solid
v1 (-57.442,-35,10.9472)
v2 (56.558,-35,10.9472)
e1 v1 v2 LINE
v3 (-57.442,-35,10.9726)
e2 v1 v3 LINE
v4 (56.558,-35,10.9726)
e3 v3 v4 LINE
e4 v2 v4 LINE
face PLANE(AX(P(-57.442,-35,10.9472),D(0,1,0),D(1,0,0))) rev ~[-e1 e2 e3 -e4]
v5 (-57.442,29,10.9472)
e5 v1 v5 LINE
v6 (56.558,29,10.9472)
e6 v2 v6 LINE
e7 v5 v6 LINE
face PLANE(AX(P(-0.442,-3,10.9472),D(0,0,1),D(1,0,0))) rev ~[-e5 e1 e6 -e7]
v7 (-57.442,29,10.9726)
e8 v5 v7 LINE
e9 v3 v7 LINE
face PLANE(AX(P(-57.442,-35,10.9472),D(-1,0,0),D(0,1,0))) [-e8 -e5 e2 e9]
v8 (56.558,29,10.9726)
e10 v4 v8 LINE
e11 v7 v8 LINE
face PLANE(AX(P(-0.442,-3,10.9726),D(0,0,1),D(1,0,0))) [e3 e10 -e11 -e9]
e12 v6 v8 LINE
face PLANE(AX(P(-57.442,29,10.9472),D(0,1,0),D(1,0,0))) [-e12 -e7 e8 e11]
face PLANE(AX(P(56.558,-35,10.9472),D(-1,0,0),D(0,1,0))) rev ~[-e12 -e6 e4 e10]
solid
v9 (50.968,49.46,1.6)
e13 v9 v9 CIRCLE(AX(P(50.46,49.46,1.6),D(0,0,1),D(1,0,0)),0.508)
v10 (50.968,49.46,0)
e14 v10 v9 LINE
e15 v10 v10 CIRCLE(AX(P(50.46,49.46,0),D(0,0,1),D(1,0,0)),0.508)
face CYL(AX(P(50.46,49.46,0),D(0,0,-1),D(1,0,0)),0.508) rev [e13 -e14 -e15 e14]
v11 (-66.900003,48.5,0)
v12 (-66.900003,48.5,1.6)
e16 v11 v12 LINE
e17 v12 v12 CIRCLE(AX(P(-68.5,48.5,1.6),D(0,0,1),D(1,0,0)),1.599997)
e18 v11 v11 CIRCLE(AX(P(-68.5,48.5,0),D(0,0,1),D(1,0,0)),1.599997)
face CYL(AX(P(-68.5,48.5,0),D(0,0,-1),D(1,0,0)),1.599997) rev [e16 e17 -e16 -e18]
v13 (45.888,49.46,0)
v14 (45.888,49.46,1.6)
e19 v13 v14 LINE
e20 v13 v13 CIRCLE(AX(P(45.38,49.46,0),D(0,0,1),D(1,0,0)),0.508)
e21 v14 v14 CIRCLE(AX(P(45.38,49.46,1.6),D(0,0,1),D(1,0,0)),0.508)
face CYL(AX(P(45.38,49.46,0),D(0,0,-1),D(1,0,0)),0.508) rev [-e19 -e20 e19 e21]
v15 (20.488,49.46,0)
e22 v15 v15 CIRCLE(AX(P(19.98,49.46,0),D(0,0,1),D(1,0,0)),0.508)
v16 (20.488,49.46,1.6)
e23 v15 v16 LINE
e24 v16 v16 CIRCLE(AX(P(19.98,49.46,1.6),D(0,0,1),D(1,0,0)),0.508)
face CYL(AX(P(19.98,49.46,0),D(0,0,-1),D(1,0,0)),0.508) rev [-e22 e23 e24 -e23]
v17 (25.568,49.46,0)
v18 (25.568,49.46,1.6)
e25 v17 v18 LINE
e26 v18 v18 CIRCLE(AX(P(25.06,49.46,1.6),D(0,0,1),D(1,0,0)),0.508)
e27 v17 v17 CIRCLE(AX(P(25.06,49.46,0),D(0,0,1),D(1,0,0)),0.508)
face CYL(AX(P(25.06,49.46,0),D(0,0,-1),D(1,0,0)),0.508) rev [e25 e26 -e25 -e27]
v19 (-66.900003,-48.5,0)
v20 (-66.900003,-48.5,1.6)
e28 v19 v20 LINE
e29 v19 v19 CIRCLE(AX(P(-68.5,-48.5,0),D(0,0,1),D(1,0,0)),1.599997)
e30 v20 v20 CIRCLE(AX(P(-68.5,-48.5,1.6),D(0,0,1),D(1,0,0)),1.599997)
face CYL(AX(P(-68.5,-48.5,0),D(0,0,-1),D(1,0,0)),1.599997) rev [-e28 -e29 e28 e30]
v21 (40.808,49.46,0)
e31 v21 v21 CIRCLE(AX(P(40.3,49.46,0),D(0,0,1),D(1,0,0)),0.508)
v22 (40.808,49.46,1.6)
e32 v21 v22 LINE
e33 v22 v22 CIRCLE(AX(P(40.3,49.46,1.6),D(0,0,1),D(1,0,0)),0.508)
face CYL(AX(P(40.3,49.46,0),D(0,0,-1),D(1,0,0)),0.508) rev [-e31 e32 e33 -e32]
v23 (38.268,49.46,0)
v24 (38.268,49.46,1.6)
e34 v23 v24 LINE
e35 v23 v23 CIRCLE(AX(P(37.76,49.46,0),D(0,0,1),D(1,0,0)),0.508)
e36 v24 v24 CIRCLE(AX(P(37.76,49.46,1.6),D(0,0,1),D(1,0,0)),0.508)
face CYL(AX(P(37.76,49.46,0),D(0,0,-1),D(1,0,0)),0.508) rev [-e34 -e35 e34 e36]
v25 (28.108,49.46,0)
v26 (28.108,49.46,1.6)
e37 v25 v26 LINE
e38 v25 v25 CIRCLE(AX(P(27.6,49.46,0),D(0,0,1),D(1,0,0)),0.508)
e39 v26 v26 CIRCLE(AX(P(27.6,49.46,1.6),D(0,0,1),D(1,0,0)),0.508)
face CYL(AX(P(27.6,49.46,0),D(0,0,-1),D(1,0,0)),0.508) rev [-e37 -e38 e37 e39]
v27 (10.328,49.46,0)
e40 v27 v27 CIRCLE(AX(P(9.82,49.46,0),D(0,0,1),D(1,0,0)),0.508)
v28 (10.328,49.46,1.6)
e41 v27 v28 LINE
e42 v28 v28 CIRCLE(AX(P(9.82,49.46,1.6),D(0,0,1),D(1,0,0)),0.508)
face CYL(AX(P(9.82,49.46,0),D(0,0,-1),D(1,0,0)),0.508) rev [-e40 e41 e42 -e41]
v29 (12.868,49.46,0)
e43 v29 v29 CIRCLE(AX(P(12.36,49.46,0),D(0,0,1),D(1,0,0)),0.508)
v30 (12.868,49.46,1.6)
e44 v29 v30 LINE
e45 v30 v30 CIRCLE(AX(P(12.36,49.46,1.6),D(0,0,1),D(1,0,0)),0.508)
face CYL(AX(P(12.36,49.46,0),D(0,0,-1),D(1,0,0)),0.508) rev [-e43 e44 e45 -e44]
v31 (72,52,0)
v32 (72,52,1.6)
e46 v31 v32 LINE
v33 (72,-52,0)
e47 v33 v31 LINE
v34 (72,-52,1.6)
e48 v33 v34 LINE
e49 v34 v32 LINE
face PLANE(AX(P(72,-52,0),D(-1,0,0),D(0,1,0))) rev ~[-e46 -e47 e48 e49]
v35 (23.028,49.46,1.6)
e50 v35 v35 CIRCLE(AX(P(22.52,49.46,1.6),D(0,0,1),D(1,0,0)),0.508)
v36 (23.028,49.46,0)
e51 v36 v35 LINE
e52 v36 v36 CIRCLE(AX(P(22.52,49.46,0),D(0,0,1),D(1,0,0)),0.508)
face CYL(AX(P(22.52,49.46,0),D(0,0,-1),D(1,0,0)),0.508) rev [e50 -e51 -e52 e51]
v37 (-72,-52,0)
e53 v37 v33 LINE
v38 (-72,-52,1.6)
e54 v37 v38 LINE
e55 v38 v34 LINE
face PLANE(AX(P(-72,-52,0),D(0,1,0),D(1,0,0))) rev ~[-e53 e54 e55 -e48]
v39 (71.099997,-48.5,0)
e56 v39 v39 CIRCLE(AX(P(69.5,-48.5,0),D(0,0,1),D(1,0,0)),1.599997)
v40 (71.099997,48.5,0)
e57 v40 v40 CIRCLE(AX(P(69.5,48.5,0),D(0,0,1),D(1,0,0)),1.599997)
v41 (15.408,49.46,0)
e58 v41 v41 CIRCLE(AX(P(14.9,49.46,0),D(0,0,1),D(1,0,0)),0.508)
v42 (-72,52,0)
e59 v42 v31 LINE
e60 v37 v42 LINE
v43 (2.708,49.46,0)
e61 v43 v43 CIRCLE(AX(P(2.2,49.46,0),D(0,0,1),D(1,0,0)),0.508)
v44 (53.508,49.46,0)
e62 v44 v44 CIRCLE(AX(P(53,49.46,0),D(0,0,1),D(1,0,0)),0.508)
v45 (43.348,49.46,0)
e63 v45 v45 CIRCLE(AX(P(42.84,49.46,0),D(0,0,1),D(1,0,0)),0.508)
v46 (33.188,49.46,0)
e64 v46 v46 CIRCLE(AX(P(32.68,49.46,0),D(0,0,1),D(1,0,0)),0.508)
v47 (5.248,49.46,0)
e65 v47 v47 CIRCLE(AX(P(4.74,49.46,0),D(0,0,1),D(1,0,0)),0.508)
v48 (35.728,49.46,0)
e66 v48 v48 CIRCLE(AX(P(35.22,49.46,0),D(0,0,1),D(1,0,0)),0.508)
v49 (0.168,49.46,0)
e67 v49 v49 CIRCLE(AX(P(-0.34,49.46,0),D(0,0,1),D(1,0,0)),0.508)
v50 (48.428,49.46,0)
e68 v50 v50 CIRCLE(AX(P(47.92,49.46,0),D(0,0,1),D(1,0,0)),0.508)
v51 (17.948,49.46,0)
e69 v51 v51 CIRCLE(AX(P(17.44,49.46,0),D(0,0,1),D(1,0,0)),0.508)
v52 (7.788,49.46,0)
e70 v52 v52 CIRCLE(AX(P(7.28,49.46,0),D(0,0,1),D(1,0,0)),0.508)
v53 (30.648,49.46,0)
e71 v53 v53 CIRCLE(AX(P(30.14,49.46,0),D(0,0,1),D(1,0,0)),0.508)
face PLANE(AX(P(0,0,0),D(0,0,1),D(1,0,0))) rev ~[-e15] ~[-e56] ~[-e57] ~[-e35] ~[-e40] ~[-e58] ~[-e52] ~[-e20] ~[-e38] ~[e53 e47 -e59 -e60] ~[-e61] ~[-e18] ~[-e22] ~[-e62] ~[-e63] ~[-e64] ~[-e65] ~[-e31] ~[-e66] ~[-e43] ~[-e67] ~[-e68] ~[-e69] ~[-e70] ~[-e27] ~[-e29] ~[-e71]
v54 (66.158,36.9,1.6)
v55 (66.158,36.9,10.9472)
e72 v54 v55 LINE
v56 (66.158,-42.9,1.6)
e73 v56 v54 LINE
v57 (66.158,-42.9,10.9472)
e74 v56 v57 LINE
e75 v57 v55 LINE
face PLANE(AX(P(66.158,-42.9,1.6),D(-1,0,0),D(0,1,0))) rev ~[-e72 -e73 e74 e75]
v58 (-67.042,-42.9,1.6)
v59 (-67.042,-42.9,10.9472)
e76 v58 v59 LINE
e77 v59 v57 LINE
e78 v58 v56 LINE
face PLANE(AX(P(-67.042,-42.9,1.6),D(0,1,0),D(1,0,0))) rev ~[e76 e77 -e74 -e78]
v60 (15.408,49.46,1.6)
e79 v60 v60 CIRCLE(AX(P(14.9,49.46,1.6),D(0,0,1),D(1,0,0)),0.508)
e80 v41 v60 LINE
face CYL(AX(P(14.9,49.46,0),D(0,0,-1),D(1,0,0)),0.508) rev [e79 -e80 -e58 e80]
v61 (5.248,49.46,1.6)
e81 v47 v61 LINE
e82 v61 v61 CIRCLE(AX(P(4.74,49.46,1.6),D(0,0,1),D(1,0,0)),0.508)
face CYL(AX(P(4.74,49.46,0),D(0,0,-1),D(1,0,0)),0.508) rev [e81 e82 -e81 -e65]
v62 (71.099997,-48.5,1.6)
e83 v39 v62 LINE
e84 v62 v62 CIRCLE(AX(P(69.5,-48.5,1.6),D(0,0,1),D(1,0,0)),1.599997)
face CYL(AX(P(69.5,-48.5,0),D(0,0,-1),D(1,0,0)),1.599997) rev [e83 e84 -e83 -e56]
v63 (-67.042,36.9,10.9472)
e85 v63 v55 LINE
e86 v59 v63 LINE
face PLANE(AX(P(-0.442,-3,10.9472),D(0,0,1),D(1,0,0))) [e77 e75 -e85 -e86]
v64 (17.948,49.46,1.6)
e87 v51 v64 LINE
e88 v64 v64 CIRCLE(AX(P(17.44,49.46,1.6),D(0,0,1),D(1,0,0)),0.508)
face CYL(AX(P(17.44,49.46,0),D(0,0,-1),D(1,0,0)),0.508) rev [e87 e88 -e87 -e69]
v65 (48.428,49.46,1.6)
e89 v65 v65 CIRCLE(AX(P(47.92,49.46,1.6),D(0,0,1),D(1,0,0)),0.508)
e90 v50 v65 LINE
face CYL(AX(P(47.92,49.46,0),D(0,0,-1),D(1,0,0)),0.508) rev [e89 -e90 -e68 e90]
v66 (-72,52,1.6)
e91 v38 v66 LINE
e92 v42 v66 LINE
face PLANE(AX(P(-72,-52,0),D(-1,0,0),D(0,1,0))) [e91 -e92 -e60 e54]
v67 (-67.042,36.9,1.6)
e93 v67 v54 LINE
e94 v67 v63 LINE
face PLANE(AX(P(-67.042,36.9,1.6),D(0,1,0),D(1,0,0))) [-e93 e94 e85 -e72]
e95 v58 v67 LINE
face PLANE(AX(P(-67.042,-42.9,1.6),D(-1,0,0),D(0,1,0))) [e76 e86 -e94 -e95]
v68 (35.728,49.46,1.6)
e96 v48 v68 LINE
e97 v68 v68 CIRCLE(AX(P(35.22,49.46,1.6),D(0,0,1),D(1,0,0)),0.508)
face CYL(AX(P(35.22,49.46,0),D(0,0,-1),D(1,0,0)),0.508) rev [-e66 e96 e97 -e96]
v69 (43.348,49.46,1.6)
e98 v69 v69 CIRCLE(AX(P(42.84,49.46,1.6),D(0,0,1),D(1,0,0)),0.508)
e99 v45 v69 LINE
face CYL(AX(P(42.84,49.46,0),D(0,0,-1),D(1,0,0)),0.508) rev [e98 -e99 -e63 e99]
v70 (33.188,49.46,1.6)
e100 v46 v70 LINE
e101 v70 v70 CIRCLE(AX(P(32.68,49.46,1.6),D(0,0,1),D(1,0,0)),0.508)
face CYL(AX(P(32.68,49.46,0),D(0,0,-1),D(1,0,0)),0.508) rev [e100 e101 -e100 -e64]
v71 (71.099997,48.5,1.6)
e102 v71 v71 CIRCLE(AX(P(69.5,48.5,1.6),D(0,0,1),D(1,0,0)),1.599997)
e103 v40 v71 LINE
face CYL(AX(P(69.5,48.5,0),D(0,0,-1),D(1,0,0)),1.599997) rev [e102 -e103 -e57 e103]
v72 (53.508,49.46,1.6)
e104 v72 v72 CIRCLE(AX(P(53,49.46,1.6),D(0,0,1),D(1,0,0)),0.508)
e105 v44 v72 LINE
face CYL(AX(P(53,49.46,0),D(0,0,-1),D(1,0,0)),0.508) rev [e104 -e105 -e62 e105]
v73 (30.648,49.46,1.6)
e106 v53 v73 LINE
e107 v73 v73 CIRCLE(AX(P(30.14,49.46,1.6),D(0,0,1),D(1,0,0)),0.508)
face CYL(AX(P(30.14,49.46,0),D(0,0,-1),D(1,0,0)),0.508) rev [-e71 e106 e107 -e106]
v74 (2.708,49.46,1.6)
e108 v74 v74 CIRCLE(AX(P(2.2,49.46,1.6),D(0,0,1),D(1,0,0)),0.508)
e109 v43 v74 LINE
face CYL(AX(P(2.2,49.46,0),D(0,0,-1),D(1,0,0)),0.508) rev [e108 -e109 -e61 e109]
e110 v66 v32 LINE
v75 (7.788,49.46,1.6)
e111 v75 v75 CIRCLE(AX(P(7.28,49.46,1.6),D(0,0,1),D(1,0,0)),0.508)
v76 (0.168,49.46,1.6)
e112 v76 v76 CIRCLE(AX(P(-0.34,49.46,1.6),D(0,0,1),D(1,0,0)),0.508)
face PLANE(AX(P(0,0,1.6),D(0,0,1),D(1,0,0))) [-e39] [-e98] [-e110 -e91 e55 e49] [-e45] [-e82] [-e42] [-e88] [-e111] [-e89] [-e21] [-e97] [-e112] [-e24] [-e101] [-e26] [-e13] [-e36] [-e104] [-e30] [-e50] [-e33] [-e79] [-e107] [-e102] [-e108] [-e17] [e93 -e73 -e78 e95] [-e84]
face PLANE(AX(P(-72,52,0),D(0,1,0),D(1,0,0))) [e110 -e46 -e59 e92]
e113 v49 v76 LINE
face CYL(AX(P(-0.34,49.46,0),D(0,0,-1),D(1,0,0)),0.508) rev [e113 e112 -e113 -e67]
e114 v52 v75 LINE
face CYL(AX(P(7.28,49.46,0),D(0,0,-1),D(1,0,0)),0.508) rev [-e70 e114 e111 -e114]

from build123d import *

# Parameters (mm, degrees)
SKETCH1_W           = 144
SKETCH1_H           = 104
SKETCH1_R           = 1.5999968
SKETCH1_R_2         = 0.508
BOSS_EXTRUDE1_DEPTH = 1.6
SKETCH2_W           = 133.200000046
SKETCH2_H           = 79.8
BOSS_EXTRUDE2_DEPTH = 9.3472
SKETCH3_W           = 114
SKETCH3_H           = 64
BOSS_EXTRUDE3_DEPTH = 0.0254


with BuildPart() as part:
    # Sketch1 → Boss-Extrude1 (new body)
    with BuildSketch(Plane.XY):
        Rectangle(SKETCH1_W, SKETCH1_H)
        with Locations((-68.5, 48.5)):
            Circle(SKETCH1_R, mode=Mode.SUBTRACT)
        with Locations((69.5, 48.5)):
            Circle(SKETCH1_R, mode=Mode.SUBTRACT)
        with Locations((69.5, -48.5)):
            Circle(SKETCH1_R, mode=Mode.SUBTRACT)
        with Locations((-68.5, -48.5)):
            Circle(SKETCH1_R, mode=Mode.SUBTRACT)
        with Locations((53, 49.46)):
            Circle(SKETCH1_R_2, mode=Mode.SUBTRACT)
        with Locations((50.46, 49.46)):
            Circle(SKETCH1_R_2, mode=Mode.SUBTRACT)
        with Locations((47.92, 49.46)):
            Circle(SKETCH1_R_2, mode=Mode.SUBTRACT)
        with Locations((45.38, 49.46)):
            Circle(SKETCH1_R_2, mode=Mode.SUBTRACT)
        with Locations((42.84, 49.46)):
            Circle(SKETCH1_R_2, mode=Mode.SUBTRACT)
        with Locations((40.3, 49.46)):
            Circle(SKETCH1_R_2, mode=Mode.SUBTRACT)
        with Locations((37.76, 49.46)):
            Circle(SKETCH1_R_2, mode=Mode.SUBTRACT)
        with Locations((35.22, 49.46)):
            Circle(SKETCH1_R_2, mode=Mode.SUBTRACT)
        with Locations((32.68, 49.46)):
            Circle(SKETCH1_R_2, mode=Mode.SUBTRACT)
        with Locations((30.14, 49.46)):
            Circle(SKETCH1_R_2, mode=Mode.SUBTRACT)
        with Locations((27.6, 49.46)):
            Circle(SKETCH1_R_2, mode=Mode.SUBTRACT)
        with Locations((25.06, 49.46)):
            Circle(SKETCH1_R_2, mode=Mode.SUBTRACT)
        with Locations((22.52, 49.46)):
            Circle(SKETCH1_R_2, mode=Mode.SUBTRACT)
        with Locations((19.98, 49.46)):
            Circle(SKETCH1_R_2, mode=Mode.SUBTRACT)
        with Locations((17.44, 49.46)):
            Circle(SKETCH1_R_2, mode=Mode.SUBTRACT)
        with Locations((14.9, 49.46)):
            Circle(SKETCH1_R_2, mode=Mode.SUBTRACT)
        with Locations((12.36, 49.46)):
            Circle(SKETCH1_R_2, mode=Mode.SUBTRACT)
        with Locations((9.82, 49.46)):
            Circle(SKETCH1_R_2, mode=Mode.SUBTRACT)
        with Locations((7.28, 49.46)):
            Circle(SKETCH1_R_2, mode=Mode.SUBTRACT)
        with Locations((4.74, 49.46)):
            Circle(SKETCH1_R_2, mode=Mode.SUBTRACT)
        with Locations((2.2, 49.46)):
            Circle(SKETCH1_R_2, mode=Mode.SUBTRACT)
        with Locations((-0.34, 49.46)):
            Circle(SKETCH1_R_2, mode=Mode.SUBTRACT)
    extrude(amount=BOSS_EXTRUDE1_DEPTH)

    # Sketch2 → Boss-Extrude2 (add)
    with BuildSketch(Plane.XY.offset(1.6)):
        with Locations((-0.442000023, -3)):
            Rectangle(SKETCH2_W, SKETCH2_H)
    extrude(amount=BOSS_EXTRUDE2_DEPTH)


with BuildPart() as body_2:
    # Sketch3 → Boss-Extrude3 (new body)
    with BuildSketch(Plane.XY.offset(10.9472)):
        with Locations((-0.442000023, -3)):
            Rectangle(SKETCH3_W, SKETCH3_H)
    extrude(amount=BOSS_EXTRUDE3_DEPTH)


solid = Compound([part.part, body_2.part])
